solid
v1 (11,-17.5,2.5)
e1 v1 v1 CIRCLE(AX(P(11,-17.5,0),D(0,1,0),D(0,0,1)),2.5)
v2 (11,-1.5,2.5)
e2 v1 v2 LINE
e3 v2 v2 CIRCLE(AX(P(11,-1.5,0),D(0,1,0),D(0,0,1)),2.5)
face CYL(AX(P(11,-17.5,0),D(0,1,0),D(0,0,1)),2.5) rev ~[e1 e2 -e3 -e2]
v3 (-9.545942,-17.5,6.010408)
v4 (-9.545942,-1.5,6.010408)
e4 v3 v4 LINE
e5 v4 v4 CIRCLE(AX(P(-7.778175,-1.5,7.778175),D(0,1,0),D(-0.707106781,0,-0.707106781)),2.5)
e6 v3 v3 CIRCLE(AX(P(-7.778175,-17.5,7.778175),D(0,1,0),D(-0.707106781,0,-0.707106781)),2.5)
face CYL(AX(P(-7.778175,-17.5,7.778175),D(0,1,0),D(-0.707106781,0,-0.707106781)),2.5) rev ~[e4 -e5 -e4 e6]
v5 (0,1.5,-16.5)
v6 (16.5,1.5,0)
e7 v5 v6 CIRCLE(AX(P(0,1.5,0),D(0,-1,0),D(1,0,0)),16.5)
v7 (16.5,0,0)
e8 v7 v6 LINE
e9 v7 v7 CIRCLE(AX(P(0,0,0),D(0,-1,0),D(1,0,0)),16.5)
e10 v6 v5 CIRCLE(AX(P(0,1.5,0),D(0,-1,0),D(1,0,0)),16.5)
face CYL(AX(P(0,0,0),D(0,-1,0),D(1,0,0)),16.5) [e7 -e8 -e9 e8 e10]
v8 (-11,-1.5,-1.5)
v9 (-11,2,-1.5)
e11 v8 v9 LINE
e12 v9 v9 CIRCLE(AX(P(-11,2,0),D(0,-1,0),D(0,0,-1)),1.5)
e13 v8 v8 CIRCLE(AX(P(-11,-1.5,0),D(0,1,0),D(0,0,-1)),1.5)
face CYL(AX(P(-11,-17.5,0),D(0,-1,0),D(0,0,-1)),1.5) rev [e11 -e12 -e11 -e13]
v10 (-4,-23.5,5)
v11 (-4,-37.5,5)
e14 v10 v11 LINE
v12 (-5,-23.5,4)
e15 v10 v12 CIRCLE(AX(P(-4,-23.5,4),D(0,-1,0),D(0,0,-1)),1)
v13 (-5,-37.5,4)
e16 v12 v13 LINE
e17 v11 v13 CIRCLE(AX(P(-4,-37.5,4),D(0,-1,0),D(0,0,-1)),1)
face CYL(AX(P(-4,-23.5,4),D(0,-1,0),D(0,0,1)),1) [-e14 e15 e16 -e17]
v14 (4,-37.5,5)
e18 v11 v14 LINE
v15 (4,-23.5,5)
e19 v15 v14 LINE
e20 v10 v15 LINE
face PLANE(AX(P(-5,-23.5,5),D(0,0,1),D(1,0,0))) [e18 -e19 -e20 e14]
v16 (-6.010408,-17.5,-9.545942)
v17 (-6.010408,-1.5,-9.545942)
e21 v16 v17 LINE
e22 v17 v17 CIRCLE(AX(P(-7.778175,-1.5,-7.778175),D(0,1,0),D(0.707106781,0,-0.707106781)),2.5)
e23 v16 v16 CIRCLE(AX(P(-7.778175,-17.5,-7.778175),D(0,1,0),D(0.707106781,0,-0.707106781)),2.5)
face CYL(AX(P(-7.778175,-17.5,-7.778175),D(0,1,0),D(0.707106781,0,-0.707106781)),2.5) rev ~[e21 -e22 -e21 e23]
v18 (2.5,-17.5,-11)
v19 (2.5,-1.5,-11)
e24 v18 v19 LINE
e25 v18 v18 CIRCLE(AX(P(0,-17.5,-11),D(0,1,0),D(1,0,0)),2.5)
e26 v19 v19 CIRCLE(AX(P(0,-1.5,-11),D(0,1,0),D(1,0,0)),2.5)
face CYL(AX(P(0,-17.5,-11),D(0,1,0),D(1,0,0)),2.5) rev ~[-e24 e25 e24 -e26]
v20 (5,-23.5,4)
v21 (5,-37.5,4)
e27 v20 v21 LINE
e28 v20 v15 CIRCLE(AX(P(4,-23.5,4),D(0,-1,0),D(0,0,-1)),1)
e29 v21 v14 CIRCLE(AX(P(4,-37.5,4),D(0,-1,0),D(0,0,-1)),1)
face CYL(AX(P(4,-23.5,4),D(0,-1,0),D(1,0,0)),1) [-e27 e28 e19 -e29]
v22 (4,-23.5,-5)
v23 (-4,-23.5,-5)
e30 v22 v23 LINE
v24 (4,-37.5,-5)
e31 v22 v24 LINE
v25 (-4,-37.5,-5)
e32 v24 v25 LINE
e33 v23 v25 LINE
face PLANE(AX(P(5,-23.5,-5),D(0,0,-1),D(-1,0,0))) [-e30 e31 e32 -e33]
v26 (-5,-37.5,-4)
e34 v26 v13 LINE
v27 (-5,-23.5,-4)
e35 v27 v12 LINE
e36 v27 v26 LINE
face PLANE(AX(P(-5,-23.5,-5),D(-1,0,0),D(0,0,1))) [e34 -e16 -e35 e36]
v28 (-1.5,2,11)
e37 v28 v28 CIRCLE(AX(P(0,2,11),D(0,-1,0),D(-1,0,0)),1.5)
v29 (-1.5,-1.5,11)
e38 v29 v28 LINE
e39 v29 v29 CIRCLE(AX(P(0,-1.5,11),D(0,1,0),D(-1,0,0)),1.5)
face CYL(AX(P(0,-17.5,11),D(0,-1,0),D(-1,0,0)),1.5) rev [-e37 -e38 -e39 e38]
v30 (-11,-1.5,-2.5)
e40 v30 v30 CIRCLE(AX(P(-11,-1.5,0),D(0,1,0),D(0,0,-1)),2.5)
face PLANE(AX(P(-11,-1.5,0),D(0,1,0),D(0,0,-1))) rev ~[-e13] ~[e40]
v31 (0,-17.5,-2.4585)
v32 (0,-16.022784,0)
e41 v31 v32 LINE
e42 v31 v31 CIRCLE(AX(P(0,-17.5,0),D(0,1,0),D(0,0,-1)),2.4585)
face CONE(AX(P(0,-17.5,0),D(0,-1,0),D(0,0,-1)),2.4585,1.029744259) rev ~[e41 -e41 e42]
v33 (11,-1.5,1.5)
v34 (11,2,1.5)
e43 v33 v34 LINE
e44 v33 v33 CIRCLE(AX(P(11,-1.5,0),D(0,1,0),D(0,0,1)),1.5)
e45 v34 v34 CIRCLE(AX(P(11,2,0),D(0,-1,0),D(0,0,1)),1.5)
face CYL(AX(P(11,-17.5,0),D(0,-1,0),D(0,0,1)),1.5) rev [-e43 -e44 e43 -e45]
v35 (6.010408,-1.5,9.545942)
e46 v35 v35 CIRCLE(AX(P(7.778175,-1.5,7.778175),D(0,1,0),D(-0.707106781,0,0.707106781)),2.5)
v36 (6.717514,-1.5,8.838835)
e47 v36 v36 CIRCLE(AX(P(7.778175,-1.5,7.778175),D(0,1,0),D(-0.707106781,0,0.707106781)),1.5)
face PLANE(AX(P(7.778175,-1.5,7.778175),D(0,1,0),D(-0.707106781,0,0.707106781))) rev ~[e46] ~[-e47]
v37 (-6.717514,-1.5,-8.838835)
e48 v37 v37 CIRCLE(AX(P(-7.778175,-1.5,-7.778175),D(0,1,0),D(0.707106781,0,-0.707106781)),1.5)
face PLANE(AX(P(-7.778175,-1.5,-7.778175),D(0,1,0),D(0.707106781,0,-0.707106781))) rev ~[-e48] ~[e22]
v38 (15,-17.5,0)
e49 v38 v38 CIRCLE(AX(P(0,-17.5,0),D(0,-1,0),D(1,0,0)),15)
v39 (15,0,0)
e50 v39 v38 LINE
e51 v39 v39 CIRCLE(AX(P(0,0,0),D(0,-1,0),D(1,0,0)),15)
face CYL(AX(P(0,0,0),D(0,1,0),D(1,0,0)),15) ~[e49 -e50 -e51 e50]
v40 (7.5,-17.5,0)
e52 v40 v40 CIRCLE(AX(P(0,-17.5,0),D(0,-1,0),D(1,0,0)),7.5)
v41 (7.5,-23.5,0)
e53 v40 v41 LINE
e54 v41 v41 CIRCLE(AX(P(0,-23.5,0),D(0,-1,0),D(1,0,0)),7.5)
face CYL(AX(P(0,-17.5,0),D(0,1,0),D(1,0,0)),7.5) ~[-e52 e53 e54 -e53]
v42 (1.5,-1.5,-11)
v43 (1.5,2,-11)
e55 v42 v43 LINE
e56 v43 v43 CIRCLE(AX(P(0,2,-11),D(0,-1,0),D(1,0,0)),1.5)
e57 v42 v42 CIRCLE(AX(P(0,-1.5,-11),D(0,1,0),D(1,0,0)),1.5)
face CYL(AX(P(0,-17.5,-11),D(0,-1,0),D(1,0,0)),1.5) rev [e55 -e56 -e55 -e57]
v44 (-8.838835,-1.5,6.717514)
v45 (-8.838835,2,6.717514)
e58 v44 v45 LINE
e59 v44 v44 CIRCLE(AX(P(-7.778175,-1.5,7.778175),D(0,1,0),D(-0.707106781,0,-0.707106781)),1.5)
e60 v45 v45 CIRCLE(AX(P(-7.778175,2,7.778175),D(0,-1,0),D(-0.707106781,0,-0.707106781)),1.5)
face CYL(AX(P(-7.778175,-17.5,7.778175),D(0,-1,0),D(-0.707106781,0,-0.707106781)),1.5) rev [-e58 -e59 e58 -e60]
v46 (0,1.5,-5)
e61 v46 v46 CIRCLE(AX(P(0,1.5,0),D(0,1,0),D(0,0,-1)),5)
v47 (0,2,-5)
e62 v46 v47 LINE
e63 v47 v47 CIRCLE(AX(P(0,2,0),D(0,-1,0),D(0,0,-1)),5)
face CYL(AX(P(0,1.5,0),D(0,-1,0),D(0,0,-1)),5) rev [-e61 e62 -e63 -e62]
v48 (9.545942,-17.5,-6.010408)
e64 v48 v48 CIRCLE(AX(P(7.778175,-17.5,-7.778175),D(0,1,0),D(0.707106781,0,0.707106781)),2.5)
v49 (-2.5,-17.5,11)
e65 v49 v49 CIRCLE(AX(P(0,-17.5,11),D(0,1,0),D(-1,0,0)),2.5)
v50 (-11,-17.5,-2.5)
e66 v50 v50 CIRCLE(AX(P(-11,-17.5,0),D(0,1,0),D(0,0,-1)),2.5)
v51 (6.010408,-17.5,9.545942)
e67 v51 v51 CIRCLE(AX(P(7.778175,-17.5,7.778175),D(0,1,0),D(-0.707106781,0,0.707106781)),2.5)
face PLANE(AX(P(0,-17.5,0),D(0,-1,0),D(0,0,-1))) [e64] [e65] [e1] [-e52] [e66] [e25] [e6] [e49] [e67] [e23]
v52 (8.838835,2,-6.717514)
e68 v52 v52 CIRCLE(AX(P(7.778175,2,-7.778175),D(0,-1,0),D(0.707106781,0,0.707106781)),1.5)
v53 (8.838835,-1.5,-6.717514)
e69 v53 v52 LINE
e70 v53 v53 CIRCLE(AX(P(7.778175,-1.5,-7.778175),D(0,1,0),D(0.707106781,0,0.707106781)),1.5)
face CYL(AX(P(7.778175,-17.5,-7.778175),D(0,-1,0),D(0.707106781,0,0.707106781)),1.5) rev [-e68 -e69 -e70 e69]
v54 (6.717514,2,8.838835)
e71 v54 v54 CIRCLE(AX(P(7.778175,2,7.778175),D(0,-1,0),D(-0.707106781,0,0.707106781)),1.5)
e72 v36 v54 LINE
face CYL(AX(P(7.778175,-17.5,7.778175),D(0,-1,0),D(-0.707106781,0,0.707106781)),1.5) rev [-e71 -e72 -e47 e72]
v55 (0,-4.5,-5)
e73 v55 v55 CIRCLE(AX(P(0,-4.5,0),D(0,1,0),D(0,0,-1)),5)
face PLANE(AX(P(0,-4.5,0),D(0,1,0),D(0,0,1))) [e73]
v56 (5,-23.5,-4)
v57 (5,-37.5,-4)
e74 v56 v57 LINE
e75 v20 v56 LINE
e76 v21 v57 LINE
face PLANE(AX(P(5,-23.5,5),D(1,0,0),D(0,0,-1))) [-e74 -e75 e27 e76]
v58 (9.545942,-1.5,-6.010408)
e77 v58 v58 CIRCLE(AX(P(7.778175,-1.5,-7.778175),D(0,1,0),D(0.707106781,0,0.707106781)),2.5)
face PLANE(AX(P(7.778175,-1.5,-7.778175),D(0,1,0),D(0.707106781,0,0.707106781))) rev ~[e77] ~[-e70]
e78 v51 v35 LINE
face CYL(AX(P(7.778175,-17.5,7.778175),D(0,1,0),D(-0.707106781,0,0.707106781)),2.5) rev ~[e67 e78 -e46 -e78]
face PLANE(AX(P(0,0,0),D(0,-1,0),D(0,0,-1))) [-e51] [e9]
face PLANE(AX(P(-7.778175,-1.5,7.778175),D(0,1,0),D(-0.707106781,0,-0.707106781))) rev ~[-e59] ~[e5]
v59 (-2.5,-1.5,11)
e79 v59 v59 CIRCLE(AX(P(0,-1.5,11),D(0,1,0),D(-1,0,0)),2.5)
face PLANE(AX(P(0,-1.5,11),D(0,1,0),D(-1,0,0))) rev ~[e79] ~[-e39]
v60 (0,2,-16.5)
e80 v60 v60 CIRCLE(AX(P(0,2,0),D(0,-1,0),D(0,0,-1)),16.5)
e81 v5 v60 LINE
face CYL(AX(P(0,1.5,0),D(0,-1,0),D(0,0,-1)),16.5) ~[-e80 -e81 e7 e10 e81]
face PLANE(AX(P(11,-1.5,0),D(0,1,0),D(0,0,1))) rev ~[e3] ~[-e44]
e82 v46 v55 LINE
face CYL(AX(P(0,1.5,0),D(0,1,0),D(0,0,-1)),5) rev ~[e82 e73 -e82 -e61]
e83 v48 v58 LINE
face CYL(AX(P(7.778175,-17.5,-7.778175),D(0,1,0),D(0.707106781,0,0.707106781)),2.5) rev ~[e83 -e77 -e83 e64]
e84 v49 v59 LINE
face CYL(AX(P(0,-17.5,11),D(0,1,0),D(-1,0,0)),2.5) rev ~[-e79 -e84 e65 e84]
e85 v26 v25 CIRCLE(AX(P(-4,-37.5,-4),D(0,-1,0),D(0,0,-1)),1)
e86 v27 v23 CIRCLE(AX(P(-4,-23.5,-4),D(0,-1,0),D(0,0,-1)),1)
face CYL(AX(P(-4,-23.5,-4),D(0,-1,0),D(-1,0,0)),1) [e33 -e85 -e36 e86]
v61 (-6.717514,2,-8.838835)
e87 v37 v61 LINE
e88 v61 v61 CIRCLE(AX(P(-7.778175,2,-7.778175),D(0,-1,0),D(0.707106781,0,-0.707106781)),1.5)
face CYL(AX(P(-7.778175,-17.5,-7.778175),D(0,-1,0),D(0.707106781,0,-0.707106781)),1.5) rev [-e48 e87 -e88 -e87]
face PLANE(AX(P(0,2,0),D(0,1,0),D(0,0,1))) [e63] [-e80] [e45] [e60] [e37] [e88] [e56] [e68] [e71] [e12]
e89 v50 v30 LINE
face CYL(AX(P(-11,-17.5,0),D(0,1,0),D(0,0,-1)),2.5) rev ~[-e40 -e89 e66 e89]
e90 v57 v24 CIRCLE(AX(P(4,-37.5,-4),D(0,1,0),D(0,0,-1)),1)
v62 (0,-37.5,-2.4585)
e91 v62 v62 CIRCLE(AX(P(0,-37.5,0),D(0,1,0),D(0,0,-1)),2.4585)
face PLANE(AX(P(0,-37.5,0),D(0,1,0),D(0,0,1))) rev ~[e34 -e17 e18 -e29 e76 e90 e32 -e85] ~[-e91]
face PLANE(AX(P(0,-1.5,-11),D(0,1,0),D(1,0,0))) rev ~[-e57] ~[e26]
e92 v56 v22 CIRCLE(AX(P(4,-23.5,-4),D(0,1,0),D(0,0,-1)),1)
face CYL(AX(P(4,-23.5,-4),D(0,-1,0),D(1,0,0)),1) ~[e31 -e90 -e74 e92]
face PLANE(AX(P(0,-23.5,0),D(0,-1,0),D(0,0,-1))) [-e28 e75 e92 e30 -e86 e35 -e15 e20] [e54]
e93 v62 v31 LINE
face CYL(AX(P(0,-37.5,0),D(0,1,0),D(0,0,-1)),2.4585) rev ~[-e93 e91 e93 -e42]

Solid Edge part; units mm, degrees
sketch "Sketch1" plane through (0, 0, 0) normal (0, -1, 0) x (1, 0, 0)
  circle A0 centre (0, 0) radius 16.5
extrude "Protrusion1" add sketch "Sketch1" against normal blind 1.5
sketch "Sketch2" plane through (0, 0, 0) normal (0, -1, 0) x (1, 0, 0)
  circle A0 centre (0, 0) radius 15
  dimension "D1" = 30
extrude "ProtrusiónExtruida_2" add sketch "Sketch2" along normal blind 17.5
sketch "Sketch3" plane through (0, -17.5, 0) normal (0, -1, 0) x (1, 0, 0)
  circle A0 centre (0, 0) radius 7.5
  dimension "D1" = 15
extrude "ProtrusiónExtruida_3" add sketch "Sketch3" along normal blind 6
sketch "Sketch4" plane through (0, -23.5, 0) normal (0, -1, 0) x (1, 0, 0)
  line L0 (5, -5) -> (-5, -5)
  line L1 (-5, -5) -> (-5, 5)
  line L2 (-5, 5) -> (5, 5)
  line L3 (5, 5) -> (5, -5)
  dimension "D1" = 10
  dimension "D2" = 10
extrude "ProtrusiónExtruida_4" add sketch "Sketch4" along normal blind 14
sketch "Sketch5" plane through (0, 1.5, 0) normal (0, 1, 0) x (0, 0, -1)
  circle A0 centre (0, 0) radius 16.5
extrude "ProtrusiónExtruida_5" add sketch "Sketch5" along normal blind 0.54
hole "Agujero_1" at (-11, -17.5, 0) direction (0, 1, 0) diameter 3 end up to next counterbore diameter 5 counterbore depth 16
pattern_circular "Pattern1" count 8 over 360 about axis through (0, -17.5, 0) along (0, 1, 0) of "Agujero_1"
sketch "Sketch6" plane through (0, 1.5, 0) normal (0, 1, 0) x (0, 0, -1)
  circle A0 centre (0, 0) radius 5
  dimension "D1" = 10
extrude "VaciadoExtruido_1" cut sketch "Sketch6" along normal mid plane 12
fillet "Redondeo_1" radius 1 4 edges at (-5, -30.5, -5) (-5, -30.5, 5) (5, -30.5, 5) (5, -30.5, -5)
hole "Agujero_9" at (0, -37.5, 0) direction (0, 1, 0) diameter 4.917 depth 20 tip angle 118 thread major 6 thread length 18
sketch "Sketch7" plane through (0, 2.04, 0) normal (0, 1, 0) x (0, 0, 1)
  circle A0 centre (0, 0) radius 16.5
extrude "VaciadoExtruido_2" cut sketch "Sketch7" against normal blind 0.04
properties part number "1976-1200-012" material "Aluminio, 7075-T6"
